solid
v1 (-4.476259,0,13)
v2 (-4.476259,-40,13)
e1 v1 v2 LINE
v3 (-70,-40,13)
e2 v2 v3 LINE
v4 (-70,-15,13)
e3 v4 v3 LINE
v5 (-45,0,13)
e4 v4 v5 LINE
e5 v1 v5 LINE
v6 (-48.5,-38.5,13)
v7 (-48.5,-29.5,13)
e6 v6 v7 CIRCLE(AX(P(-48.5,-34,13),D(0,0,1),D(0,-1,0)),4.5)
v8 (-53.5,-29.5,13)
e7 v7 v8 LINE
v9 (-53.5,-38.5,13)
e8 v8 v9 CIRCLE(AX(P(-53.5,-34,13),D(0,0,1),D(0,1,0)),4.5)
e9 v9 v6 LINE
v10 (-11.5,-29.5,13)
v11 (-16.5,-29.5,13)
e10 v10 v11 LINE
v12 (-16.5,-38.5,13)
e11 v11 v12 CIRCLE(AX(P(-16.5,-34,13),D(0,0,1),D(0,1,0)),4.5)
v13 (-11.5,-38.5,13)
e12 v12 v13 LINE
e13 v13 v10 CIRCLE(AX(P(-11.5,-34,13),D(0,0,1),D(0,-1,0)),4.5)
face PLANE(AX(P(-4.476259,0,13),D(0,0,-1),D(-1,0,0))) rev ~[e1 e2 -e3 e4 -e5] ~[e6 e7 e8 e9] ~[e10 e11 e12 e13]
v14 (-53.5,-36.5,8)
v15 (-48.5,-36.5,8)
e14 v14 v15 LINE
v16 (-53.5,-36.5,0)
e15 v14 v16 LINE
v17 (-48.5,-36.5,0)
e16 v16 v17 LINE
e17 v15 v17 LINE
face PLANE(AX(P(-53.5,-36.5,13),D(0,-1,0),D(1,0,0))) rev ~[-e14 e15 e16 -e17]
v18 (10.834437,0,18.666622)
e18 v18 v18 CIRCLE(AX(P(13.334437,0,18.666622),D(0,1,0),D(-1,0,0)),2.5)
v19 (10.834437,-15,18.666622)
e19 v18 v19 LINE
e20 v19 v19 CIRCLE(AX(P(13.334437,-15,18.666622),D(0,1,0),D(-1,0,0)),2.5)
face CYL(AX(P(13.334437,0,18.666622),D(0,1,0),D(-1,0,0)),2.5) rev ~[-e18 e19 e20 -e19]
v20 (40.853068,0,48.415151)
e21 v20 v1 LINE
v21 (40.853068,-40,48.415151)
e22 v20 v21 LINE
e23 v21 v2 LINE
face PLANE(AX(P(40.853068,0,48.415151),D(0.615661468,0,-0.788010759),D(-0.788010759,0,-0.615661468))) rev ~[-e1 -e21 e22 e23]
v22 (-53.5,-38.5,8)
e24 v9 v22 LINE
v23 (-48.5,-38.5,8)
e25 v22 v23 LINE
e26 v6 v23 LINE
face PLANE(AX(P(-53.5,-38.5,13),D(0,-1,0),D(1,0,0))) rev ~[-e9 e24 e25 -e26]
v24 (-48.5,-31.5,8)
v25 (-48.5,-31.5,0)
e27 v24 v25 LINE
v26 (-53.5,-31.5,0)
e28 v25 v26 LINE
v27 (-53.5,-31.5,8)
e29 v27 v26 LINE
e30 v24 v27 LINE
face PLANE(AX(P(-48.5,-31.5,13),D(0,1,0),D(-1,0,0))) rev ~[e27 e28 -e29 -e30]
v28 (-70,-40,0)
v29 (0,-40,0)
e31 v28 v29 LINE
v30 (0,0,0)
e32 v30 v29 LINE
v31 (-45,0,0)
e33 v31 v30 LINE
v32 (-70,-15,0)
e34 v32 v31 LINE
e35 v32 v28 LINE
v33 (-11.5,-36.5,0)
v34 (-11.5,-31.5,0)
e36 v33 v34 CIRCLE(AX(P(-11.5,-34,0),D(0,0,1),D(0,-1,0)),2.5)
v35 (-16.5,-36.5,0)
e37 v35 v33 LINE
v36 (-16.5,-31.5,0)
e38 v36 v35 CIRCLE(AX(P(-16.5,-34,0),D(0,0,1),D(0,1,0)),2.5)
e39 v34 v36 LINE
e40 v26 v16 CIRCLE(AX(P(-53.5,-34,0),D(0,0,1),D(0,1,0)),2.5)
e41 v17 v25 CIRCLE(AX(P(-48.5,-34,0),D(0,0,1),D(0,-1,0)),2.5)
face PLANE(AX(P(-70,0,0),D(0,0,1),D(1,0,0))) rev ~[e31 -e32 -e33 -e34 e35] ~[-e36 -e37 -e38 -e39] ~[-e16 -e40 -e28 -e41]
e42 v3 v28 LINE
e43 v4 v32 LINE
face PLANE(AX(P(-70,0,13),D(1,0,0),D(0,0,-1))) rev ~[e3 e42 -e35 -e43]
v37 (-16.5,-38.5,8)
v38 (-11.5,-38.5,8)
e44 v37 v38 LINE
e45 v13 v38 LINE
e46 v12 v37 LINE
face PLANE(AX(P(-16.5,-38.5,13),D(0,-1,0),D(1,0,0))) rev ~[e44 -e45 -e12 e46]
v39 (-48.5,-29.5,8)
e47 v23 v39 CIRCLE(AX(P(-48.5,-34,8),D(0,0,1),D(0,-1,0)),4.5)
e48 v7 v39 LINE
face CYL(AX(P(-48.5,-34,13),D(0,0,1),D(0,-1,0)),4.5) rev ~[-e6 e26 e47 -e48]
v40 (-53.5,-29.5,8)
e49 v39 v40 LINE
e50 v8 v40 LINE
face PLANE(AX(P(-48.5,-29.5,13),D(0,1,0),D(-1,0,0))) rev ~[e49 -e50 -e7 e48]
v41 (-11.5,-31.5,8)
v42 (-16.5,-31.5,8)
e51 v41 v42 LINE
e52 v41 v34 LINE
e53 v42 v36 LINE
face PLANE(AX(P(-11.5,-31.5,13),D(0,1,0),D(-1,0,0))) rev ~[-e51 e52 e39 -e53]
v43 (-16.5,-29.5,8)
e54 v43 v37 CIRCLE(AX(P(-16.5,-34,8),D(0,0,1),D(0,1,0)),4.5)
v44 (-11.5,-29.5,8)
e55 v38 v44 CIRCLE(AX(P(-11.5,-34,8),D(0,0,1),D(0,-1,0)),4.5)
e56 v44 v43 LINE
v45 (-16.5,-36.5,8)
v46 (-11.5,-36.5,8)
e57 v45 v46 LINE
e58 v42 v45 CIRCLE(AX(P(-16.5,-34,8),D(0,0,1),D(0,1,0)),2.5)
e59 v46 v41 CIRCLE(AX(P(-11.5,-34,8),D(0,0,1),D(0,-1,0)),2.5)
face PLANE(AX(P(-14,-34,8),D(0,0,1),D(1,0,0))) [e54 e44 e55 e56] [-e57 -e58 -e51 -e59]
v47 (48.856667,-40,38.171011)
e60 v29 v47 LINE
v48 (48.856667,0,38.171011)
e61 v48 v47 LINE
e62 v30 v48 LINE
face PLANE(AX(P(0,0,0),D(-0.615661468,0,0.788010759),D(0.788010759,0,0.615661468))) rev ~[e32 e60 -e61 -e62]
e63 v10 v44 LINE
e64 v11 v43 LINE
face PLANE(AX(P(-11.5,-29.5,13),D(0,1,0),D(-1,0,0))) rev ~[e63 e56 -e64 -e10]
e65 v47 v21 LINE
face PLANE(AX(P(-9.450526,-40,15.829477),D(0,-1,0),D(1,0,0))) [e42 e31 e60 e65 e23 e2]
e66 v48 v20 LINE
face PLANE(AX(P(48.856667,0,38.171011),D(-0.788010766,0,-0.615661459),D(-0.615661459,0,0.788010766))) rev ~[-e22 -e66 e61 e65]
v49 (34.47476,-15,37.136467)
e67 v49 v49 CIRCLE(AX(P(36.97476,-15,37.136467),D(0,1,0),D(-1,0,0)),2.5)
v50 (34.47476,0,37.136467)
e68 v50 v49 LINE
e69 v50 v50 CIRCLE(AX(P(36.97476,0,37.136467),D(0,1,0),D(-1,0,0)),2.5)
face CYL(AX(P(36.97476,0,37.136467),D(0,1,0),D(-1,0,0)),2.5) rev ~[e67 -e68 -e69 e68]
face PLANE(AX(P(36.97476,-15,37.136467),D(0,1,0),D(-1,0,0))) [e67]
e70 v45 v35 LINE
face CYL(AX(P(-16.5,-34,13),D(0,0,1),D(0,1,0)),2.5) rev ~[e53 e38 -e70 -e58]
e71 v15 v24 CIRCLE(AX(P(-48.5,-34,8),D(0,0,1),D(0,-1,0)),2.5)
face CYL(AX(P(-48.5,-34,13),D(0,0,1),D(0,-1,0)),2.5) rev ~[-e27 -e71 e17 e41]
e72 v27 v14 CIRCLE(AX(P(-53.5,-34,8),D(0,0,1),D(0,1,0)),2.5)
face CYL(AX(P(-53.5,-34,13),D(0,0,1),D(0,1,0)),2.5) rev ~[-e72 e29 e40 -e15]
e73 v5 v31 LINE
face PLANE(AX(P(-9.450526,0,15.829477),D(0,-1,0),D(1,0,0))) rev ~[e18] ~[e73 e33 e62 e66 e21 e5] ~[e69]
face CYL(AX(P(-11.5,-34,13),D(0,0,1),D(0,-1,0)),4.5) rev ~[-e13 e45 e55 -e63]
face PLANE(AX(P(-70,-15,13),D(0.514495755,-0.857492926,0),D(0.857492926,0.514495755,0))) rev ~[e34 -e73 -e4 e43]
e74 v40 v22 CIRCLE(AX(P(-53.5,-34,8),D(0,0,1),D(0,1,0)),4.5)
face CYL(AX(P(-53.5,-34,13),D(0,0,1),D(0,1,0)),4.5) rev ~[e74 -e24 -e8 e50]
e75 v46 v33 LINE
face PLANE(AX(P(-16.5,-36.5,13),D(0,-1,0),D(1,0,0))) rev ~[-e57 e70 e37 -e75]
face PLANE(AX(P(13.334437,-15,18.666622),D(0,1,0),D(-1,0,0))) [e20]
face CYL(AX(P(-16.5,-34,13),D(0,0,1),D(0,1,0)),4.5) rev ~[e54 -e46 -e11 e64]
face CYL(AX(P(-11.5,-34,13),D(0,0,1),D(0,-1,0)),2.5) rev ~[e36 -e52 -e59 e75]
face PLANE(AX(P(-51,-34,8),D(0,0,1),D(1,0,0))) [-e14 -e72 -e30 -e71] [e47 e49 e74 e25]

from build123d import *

# Parameters (mm, degrees)
F1_DEPTH = 40
F3_DEPTH = 5
F5_DEPTH = 25
F7_DEPTH = 25
F8_R     = 2.5
F9_DEPTH = 15


with BuildPart() as f1:
    # F0 (on Front) → F1 (new body)
    with BuildSketch(Plane.XZ):
        Polygon((-70, 13), (-70, 0), (0, 0), (48.856667, 38.171011), (40.853068, 48.415151), (-4.476259, 13), align=None)
    extrude(amount=F1_DEPTH)

    # F2 (on face) → F3 (cut)
    with BuildSketch(Plane.XY.offset(13)):
        with BuildLine():
            Line((-16.5, -38.5), (-11.5, -38.5))
            ThreePointArc((-11.5, -38.5), (-7, -34), (-11.5, -29.5))
            Line((-11.5, -29.5), (-16.5, -29.5))
            ThreePointArc((-16.5, -29.5), (-21, -34), (-16.5, -38.5))
        make_face()
        with BuildLine():
            Line((-48.5, -29.5), (-53.5, -29.5))
            ThreePointArc((-53.5, -29.5), (-58, -34), (-53.5, -38.5))
            Line((-53.5, -38.5), (-48.5, -38.5))
            ThreePointArc((-48.5, -38.5), (-44, -34), (-48.5, -29.5))
        make_face()
    extrude(amount=-F3_DEPTH, mode=Mode.SUBTRACT)

    # F4 (on face) → F5 (cut)
    with BuildSketch(Plane.XY.offset(13)):
        with BuildLine():
            Line((-53.5, -36.5), (-48.5, -36.5))
            ThreePointArc((-48.5, -36.5), (-46, -34), (-48.5, -31.5))
            Line((-48.5, -31.5), (-53.5, -31.5))
            ThreePointArc((-53.5, -31.5), (-56, -34), (-53.5, -36.5))
        make_face()
        with BuildLine():
            Line((-11.5, -31.5), (-16.5, -31.5))
            ThreePointArc((-16.5, -31.5), (-19, -34), (-16.5, -36.5))
            Line((-16.5, -36.5), (-11.5, -36.5))
            ThreePointArc((-11.5, -36.5), (-9, -34), (-11.5, -31.5))
        make_face()
    extrude(amount=-F5_DEPTH, mode=Mode.SUBTRACT)

    # F6 (on face) → F7 (cut)
    with BuildSketch(Plane.XY.offset(13)):
        Polygon((-70, 0), (-70, -15), (-45, 0), align=None)
    extrude(amount=-F7_DEPTH, mode=Mode.SUBTRACT)

    # F8 (on face) → F9 (cut)
    with BuildSketch(Plane(origin=(0, 0, 0), x_dir=(-1, 0, 0), z_dir=(0, 1, 0))):
        with Locations((-36.97476, 37.136467)):
            Circle(F8_R)
        with Locations((-13.334437, 18.666622)):
            Circle(F8_R)
    extrude(amount=-F9_DEPTH, mode=Mode.SUBTRACT)


solid = f1.part
